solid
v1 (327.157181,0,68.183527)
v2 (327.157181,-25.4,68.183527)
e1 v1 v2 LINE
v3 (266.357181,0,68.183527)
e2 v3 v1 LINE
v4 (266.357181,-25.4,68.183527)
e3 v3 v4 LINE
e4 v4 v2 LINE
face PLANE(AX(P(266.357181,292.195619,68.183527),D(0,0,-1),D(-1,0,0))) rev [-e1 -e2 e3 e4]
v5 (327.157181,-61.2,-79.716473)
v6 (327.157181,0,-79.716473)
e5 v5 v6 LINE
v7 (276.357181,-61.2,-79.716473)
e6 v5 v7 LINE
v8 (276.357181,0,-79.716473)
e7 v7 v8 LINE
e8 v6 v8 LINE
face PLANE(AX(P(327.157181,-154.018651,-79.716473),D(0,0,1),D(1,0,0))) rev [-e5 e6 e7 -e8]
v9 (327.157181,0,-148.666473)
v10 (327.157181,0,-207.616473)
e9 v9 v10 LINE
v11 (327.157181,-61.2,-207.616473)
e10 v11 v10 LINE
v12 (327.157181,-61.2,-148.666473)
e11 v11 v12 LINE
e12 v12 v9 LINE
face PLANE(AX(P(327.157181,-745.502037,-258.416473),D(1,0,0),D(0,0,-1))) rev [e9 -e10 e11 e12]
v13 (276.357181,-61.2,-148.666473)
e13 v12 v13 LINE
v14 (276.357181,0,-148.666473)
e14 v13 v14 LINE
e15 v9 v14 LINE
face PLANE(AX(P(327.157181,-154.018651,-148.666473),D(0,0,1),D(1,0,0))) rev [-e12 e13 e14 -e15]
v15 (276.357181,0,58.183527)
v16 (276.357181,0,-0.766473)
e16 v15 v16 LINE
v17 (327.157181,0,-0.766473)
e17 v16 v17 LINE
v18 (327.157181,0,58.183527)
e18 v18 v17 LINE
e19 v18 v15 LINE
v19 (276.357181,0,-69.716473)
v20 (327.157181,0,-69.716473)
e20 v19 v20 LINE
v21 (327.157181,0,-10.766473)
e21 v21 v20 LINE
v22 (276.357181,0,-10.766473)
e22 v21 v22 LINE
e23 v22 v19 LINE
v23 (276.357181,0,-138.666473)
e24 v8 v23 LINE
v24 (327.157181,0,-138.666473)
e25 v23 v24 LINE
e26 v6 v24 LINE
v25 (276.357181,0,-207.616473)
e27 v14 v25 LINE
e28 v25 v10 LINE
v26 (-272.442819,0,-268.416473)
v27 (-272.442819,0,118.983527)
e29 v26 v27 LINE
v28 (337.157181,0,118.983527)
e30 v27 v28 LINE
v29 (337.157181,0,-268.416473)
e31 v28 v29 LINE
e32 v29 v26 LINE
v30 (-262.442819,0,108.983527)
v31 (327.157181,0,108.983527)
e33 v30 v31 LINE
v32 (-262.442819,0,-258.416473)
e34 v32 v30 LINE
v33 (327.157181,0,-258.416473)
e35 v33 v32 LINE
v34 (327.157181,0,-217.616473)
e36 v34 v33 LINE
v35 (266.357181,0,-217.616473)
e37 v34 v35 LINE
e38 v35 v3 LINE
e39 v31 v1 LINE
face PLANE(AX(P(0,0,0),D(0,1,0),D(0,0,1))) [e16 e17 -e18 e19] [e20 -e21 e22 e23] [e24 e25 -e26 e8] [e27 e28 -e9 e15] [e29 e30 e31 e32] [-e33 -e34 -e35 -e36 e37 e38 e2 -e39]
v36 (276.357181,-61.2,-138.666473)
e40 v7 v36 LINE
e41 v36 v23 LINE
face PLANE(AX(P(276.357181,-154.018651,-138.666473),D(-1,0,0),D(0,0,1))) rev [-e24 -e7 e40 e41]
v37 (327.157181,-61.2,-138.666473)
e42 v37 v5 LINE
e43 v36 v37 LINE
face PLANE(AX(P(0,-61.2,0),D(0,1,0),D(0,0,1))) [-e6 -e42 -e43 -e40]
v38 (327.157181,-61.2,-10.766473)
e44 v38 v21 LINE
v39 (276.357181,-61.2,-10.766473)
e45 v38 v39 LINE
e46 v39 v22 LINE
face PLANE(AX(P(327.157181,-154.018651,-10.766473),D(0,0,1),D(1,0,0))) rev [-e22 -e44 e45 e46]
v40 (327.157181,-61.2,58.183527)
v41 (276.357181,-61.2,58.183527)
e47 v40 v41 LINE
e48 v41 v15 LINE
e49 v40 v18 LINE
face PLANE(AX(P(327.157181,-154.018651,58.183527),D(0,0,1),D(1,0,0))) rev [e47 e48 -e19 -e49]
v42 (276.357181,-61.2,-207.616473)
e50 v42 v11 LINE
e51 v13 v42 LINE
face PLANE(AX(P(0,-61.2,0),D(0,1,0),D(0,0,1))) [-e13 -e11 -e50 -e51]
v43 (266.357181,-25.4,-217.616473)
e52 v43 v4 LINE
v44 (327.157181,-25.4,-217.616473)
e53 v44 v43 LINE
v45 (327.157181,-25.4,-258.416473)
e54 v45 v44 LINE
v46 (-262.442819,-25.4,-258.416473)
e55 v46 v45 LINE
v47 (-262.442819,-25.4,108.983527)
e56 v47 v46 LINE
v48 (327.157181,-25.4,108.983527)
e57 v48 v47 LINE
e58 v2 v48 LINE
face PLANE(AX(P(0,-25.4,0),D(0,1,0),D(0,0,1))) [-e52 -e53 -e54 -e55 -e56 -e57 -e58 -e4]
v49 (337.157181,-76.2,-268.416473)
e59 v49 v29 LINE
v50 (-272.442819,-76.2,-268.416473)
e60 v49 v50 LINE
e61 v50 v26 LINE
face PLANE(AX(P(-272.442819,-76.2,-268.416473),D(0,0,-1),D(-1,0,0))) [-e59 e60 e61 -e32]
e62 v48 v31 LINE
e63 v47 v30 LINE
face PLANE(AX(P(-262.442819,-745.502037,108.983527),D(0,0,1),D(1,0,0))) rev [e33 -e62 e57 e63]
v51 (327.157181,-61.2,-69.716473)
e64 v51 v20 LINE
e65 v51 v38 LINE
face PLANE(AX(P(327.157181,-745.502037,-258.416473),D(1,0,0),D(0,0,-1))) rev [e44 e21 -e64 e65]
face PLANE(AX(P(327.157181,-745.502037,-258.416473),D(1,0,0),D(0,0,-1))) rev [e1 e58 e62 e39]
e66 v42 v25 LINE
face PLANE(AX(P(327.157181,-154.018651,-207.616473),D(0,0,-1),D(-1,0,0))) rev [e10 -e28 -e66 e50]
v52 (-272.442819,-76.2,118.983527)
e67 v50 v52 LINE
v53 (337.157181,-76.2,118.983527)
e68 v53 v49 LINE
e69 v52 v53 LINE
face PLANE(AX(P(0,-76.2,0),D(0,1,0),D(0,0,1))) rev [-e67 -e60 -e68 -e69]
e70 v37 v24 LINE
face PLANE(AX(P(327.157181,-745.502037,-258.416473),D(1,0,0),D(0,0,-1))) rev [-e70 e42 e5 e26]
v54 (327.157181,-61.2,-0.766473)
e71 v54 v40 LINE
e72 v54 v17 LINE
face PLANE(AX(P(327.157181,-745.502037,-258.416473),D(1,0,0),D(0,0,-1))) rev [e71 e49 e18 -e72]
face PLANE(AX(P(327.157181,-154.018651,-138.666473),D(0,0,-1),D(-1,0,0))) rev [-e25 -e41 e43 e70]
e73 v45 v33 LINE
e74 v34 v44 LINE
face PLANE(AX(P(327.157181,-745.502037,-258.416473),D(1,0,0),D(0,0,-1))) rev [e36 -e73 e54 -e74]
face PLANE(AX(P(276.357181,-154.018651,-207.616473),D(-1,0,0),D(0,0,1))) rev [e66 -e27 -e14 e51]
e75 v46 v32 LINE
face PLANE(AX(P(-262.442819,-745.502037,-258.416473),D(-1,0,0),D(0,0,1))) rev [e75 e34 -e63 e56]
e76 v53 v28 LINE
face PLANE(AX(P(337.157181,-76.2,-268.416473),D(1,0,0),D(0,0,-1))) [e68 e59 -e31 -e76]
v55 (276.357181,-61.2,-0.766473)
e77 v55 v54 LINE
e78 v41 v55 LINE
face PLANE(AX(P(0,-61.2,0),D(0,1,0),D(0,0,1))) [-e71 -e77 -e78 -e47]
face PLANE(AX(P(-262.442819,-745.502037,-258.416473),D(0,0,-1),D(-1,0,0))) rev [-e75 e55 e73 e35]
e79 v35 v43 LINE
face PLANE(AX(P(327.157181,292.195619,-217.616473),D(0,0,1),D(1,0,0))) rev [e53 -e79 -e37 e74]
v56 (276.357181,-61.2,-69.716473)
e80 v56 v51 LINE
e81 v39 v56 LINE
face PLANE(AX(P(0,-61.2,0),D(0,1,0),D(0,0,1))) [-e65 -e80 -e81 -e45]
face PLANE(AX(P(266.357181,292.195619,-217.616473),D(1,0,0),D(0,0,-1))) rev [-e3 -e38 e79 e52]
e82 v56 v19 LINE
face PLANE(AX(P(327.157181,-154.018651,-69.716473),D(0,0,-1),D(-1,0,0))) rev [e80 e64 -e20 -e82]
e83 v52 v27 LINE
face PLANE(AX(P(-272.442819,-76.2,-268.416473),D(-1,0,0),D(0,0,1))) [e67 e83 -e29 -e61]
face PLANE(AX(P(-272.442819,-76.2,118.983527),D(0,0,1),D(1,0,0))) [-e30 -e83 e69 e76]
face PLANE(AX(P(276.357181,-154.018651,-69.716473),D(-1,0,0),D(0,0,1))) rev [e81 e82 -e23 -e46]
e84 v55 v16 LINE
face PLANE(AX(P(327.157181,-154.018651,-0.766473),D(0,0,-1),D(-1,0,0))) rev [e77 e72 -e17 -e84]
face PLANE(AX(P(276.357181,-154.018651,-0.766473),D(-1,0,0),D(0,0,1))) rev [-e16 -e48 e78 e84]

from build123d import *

# Parameters (mm, degrees)
SKETCH1_W           = 609.6
SKETCH1_H           = 387.4
BOSS_EXTRUDE1_DEPTH = 76.2
SKETCH2_W           = 589.6
SKETCH2_H           = 367.4
CUT_EXTRUDE1_DEPTH  = 25.4
SKETCH3_W           = 50.8
SKETCH3_H           = 58.95
CUT_EXTRUDE2_DEPTH  = 35.8
BOSS_EXTRUDE2_DEPTH = 25.4


with BuildPart() as part:
    # Sketch1 → Boss-Extrude1 (new body)
    with BuildSketch(Plane(origin=(0, 0, 0), x_dir=(1, 0, 0), z_dir=(0, 1, 0))):
        with Locations((32.357180973, 74.716472916)):
            Rectangle(SKETCH1_W, SKETCH1_H)
    extrude(amount=-BOSS_EXTRUDE1_DEPTH)

    # Sketch2 → Cut-Extrude1 (cut)
    with BuildSketch(Plane(origin=(0, 0, 0), x_dir=(1, 0, 0), z_dir=(0, 1, 0))):
        with Locations((32.357180973, 74.716472916)):
            Rectangle(SKETCH2_W, SKETCH2_H)
    extrude(amount=-CUT_EXTRUDE1_DEPTH, mode=Mode.SUBTRACT)

    # Sketch3 → Cut-Extrude2 (cut)
    with BuildSketch(Plane(origin=(0, -25.4, 0), x_dir=(1, 0, 0), z_dir=(0, 1, 0))):
        with Locations((301.757180973, 178.141472916)):
            Rectangle(SKETCH3_W, SKETCH3_H)
        with Locations((301.757180973, 109.191472916)):
            Rectangle(SKETCH3_W, SKETCH3_H)
        with Locations((301.757180973, 40.241472916)):
            Rectangle(SKETCH3_W, SKETCH3_H)
        with Locations((301.757180973, -28.708527084)):
            Rectangle(SKETCH3_W, SKETCH3_H)
    extrude(amount=-CUT_EXTRUDE2_DEPTH, mode=Mode.SUBTRACT)

    # Sketch7 → Boss-Extrude2 (add)
    with BuildSketch(Plane(origin=(0, -25.4, 0), x_dir=(1, 0, 0), z_dir=(0, 1, 0))):
        Polygon((327.157180973, 217.616472916), (266.357180973, 217.616472916), (266.357180973, -68.183527084), (327.157180973, -68.183527084), (327.157180973, -58.183527084), (276.357180973, -58.183527084), (276.357180973, 0.766472916), (327.157180973, 0.766472916), (327.157180973, 10.766472916), (276.357180973, 10.766472916), (276.357180973, 69.716472916), (327.157180973, 69.716472916), (327.157180973, 79.716472916), (276.357180973, 79.716472916), (276.357180973, 138.666472916), (327.157180973, 138.666472916), (327.157180973, 148.666472916), (276.357180973, 148.666472916), (276.357180973, 207.616472916), (327.157180973, 207.616472916), align=None)
    extrude(amount=BOSS_EXTRUDE2_DEPTH)


solid = part.part
